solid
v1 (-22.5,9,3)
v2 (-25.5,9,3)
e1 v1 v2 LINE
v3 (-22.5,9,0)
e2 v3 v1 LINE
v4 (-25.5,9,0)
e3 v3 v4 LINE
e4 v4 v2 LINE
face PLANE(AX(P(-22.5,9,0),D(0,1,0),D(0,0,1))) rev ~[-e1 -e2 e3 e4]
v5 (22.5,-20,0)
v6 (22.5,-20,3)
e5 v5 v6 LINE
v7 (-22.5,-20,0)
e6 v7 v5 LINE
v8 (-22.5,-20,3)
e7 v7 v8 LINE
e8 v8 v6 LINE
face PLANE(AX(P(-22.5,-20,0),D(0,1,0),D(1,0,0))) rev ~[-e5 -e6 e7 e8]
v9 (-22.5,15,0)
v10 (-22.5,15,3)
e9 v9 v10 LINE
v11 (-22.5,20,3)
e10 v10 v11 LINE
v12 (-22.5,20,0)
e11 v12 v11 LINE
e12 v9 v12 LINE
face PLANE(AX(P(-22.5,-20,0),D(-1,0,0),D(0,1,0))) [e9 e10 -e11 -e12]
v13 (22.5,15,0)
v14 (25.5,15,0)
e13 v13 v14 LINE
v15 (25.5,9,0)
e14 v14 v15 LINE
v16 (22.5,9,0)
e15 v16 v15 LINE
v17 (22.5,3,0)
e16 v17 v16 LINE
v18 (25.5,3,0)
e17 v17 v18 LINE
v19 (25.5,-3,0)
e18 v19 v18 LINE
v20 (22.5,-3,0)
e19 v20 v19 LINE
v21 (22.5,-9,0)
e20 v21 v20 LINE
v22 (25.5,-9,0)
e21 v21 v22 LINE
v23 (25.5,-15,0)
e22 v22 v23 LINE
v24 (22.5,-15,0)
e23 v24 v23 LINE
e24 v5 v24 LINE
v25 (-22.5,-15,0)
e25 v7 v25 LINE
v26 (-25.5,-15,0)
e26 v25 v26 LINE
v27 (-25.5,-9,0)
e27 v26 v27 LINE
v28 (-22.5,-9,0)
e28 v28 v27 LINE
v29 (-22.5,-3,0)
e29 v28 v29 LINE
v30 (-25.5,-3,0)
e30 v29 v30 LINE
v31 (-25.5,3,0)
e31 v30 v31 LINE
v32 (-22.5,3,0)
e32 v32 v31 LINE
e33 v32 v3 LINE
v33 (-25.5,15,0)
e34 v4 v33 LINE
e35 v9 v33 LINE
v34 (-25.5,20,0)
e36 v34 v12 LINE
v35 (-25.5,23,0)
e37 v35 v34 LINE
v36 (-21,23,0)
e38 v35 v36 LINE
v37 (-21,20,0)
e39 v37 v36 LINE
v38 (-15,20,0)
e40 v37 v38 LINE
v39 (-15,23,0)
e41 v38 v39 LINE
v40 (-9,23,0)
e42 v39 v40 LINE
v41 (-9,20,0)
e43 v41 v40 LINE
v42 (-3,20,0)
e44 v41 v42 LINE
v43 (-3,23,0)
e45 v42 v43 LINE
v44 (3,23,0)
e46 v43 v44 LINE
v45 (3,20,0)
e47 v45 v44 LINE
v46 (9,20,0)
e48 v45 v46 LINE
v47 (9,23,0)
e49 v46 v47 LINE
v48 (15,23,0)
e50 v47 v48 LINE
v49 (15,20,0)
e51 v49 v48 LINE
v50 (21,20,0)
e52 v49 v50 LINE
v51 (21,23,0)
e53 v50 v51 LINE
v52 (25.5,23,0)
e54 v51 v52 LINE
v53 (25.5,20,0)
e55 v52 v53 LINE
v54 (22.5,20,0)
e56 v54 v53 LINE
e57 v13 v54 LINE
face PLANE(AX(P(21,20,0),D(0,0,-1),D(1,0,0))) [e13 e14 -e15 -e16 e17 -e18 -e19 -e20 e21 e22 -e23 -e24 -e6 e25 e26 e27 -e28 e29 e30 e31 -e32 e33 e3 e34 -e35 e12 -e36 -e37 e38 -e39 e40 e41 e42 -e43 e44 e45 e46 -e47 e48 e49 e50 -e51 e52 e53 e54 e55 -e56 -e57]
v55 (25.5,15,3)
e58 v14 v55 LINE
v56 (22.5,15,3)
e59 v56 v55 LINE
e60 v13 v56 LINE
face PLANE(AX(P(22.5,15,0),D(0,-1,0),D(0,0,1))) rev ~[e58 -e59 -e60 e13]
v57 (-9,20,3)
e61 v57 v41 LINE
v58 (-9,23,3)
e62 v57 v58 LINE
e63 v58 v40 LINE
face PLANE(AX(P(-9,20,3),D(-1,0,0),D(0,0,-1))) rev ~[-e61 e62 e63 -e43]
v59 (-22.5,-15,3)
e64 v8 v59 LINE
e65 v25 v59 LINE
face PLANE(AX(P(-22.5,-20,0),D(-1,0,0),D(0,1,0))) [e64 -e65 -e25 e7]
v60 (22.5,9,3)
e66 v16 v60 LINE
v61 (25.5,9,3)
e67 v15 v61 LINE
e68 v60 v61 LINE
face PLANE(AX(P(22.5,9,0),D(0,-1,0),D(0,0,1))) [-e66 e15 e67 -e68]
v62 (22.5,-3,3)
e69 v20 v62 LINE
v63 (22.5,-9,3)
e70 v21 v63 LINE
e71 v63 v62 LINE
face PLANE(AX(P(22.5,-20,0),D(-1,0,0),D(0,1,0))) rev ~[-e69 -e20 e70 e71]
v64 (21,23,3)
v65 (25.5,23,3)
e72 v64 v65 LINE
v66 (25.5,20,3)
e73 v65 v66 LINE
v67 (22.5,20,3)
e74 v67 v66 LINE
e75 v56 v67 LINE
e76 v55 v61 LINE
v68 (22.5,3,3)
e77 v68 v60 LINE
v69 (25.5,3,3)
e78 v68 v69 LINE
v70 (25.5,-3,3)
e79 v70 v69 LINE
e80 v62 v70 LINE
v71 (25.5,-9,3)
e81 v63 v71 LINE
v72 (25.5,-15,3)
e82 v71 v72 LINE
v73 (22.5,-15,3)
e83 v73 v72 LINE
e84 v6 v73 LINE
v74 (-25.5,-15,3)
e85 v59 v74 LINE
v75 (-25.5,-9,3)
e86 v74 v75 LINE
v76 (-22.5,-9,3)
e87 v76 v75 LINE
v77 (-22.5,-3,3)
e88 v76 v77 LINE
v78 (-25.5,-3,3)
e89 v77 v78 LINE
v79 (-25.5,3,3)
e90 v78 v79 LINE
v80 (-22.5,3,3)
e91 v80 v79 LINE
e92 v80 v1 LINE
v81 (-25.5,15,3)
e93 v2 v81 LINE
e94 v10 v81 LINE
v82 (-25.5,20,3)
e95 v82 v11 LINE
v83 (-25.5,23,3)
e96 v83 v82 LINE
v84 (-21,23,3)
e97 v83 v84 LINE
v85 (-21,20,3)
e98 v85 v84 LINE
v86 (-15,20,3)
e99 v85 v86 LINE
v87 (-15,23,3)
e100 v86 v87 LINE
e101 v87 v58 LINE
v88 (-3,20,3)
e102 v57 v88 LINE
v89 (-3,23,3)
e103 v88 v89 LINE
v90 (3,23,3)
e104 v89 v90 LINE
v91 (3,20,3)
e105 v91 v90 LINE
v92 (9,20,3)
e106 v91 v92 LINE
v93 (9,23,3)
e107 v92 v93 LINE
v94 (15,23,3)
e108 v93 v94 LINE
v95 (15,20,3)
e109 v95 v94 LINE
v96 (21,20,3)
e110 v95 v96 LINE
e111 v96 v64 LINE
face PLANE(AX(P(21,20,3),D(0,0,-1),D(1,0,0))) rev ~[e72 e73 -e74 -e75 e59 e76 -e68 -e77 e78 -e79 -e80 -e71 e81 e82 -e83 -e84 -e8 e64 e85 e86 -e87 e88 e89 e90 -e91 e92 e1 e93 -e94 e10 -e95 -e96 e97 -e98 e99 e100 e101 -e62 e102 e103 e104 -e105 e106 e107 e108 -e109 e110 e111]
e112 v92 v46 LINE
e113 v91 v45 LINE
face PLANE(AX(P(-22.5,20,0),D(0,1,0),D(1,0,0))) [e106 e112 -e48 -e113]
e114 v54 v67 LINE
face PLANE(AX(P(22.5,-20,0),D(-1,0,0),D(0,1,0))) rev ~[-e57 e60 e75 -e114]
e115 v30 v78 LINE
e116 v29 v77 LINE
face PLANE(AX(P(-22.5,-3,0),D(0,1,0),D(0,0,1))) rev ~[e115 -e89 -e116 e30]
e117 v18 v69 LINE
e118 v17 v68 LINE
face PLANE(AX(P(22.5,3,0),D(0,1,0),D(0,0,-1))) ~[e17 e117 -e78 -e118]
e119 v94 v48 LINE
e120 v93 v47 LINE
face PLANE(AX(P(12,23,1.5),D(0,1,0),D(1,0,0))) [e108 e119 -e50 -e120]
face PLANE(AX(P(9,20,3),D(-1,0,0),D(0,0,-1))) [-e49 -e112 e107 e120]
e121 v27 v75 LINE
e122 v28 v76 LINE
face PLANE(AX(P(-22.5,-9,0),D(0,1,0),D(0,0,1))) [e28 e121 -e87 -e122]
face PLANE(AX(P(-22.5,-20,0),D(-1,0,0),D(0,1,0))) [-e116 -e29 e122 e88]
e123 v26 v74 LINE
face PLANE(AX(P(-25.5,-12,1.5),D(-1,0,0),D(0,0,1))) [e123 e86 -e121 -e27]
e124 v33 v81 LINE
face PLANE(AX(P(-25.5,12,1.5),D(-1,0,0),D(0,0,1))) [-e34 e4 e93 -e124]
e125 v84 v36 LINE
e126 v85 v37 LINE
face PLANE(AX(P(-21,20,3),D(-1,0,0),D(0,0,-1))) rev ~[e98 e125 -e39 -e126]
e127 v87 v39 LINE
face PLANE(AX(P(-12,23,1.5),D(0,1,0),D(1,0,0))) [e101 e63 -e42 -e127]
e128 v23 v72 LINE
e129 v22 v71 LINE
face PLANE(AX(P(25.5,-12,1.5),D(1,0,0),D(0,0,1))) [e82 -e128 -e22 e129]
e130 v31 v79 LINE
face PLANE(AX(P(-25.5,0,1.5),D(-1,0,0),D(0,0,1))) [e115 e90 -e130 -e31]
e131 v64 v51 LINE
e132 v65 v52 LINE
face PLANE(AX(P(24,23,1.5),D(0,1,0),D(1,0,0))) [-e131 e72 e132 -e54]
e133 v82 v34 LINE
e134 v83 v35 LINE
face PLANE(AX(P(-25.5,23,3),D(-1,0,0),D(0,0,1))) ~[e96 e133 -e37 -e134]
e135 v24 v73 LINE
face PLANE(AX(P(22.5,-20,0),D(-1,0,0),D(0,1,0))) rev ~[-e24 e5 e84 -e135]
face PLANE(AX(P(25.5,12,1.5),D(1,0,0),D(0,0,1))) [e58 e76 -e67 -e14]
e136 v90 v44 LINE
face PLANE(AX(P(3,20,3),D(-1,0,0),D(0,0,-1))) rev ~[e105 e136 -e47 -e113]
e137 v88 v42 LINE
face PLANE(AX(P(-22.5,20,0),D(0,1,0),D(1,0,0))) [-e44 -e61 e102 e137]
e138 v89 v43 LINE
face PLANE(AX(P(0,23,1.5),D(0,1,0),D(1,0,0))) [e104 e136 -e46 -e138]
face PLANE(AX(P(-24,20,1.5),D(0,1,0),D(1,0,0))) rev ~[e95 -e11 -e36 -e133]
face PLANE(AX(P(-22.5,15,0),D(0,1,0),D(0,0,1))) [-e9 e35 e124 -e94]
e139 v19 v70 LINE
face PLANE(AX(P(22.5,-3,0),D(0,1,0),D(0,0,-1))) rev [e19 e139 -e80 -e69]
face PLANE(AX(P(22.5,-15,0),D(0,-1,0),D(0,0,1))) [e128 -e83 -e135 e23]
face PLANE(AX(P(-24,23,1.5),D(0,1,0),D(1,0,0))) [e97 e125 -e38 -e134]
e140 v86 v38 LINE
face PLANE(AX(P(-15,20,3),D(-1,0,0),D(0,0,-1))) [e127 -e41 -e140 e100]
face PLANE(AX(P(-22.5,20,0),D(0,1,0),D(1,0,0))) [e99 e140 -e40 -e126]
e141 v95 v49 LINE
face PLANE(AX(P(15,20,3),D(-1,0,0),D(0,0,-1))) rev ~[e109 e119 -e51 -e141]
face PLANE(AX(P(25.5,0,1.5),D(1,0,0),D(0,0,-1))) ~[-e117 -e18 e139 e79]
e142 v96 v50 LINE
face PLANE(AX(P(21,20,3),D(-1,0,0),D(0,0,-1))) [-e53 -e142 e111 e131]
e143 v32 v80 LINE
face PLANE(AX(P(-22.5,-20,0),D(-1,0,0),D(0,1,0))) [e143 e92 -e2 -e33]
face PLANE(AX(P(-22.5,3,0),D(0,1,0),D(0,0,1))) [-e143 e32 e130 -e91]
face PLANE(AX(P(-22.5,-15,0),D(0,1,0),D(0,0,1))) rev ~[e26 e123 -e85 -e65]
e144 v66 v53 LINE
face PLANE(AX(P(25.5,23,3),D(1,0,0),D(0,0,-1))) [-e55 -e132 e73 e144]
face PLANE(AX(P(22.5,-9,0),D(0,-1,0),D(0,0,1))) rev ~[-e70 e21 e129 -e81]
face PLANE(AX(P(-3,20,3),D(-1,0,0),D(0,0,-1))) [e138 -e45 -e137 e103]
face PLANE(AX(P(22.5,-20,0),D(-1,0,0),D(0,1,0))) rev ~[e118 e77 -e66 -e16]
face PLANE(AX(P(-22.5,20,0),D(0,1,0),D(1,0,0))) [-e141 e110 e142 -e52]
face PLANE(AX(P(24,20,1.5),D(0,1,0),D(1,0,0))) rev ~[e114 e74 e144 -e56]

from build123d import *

# Parameters (mm, degrees)
SKETCH1_W               = 45
SKETCH1_H               = 40
BOSS_EXTRUDE1_DEPTH     = 3
SKETCH2_W               = 3
SKETCH2_H               = 6
BOSS_EXTRUDE2_DEPTH     = 3
LPATTERN1_COUNT         = 2
LPATTERN1_PITCH         = 12
LPATTERN1_COL_COUNT     = 2
LPATTERN1_COL_PITCH     = 12
SKETCH3_W               = 6
SKETCH3_H               = 3
BOSS_EXTRUDE3_DEPTH     = 3
LPATTERN2_COUNT         = 3
LPATTERN2_PITCH         = 12
LPATTERN2_COL_COUNT     = 3
LPATTERN2_COL_PITCH     = 12
SKETCH6_W               = 1.5
SKETCH6_H               = 3
CUT_EXTRUDE2_DEPTH      = 3
MIRROR1_COPY_1_SKETCH_W = 3
MIRROR1_COPY_1_SKETCH_H = 6
MIRROR1_COPY_1_DEPTH    = 3
MIRROR1_COPY_2_SKETCH_W = 3
MIRROR1_COPY_2_SKETCH_H = 6
MIRROR1_COPY_2_DEPTH    = 3


with BuildPart() as part:
    # Sketch1 → Boss-Extrude1 (new body)
    with BuildSketch(Plane.XY):
        Rectangle(SKETCH1_W, SKETCH1_H)
    extrude(amount=BOSS_EXTRUDE1_DEPTH)

    # Sketch2 → Boss-Extrude2 (add)
    with BuildSketch(Plane.ZY.offset(22.5)):
        with Locations((1.5, 0)):
            Rectangle(SKETCH2_W, SKETCH2_H)
    boss_extrude2 = extrude(amount=BOSS_EXTRUDE2_DEPTH)

    # LPattern1: Boss-Extrude2 ×2
    with Locations(*[(0, -i * LPATTERN1_PITCH, 0) for i in range(1, LPATTERN1_COUNT)]):
        add(boss_extrude2)

    # LPattern1 col: Boss-Extrude2 ×2
    with Locations(*[(0, i * LPATTERN1_COL_PITCH, 0) for i in range(1, LPATTERN1_COL_COUNT)]):
        add(boss_extrude2)

    # Sketch3 → Boss-Extrude3 (add)
    with BuildSketch(Plane(origin=(0, 20, 0), x_dir=(1, 0, 0), z_dir=(0, 1, 0))):
        with Locations((0, -1.5)):
            Rectangle(SKETCH3_W, SKETCH3_H)
    boss_extrude3 = extrude(amount=BOSS_EXTRUDE3_DEPTH)

    # LPattern2: Boss-Extrude3 ×3
    with Locations(*[(-i * LPATTERN2_PITCH, 0, 0) for i in range(1, LPATTERN2_COUNT)]):
        add(boss_extrude3)

    # LPattern2 col: Boss-Extrude3 ×3
    with Locations(*[(i * LPATTERN2_COL_PITCH, 0, 0) for i in range(1, LPATTERN2_COL_COUNT)]):
        add(boss_extrude3)

    # Sketch6 → Cut-Extrude2 (cut)
    with BuildSketch(Plane(origin=(0, 23, 0), x_dir=(1, 0, 0), z_dir=(0, 1, 0))):
        with Locations((26.25, -1.5)):
            Rectangle(SKETCH6_W, SKETCH6_H)
    cut_extrude2 = extrude(amount=-CUT_EXTRUDE2_DEPTH, mode=Mode.SUBTRACT)

    # Mirror1: Boss-Extrude2 across plane
    add(boss_extrude2.mirror(Plane(origin=(0, 0, 0), x_dir=(0, 0, 1), z_dir=(1, 0, 0))))

    # Mirror1 copy 1 sketch → Mirror1 copy 1 (add)
    with BuildSketch(Plane(origin=(22.5, -12, 0), x_dir=(0, 0, 1), z_dir=(1, 0, 0))):
        with Locations((1.5, 0)):
            Rectangle(MIRROR1_COPY_1_SKETCH_W, MIRROR1_COPY_1_SKETCH_H)
    extrude(amount=MIRROR1_COPY_1_DEPTH)

    # Mirror1 copy 2 sketch → Mirror1 copy 2 (add)
    with BuildSketch(Plane(origin=(22.5, 12, 0), x_dir=(0, 0, 1), z_dir=(1, 0, 0))):
        with Locations((1.5, 0)):
            Rectangle(MIRROR1_COPY_2_SKETCH_W, MIRROR1_COPY_2_SKETCH_H)
    extrude(amount=MIRROR1_COPY_2_DEPTH)

    # Mirror2: Cut-Extrude2 across plane
    add(cut_extrude2.mirror(Plane(origin=(0, 0, 0), x_dir=(0, 0, 1), z_dir=(1, 0, 0))), mode=Mode.SUBTRACT)


solid = part.part
